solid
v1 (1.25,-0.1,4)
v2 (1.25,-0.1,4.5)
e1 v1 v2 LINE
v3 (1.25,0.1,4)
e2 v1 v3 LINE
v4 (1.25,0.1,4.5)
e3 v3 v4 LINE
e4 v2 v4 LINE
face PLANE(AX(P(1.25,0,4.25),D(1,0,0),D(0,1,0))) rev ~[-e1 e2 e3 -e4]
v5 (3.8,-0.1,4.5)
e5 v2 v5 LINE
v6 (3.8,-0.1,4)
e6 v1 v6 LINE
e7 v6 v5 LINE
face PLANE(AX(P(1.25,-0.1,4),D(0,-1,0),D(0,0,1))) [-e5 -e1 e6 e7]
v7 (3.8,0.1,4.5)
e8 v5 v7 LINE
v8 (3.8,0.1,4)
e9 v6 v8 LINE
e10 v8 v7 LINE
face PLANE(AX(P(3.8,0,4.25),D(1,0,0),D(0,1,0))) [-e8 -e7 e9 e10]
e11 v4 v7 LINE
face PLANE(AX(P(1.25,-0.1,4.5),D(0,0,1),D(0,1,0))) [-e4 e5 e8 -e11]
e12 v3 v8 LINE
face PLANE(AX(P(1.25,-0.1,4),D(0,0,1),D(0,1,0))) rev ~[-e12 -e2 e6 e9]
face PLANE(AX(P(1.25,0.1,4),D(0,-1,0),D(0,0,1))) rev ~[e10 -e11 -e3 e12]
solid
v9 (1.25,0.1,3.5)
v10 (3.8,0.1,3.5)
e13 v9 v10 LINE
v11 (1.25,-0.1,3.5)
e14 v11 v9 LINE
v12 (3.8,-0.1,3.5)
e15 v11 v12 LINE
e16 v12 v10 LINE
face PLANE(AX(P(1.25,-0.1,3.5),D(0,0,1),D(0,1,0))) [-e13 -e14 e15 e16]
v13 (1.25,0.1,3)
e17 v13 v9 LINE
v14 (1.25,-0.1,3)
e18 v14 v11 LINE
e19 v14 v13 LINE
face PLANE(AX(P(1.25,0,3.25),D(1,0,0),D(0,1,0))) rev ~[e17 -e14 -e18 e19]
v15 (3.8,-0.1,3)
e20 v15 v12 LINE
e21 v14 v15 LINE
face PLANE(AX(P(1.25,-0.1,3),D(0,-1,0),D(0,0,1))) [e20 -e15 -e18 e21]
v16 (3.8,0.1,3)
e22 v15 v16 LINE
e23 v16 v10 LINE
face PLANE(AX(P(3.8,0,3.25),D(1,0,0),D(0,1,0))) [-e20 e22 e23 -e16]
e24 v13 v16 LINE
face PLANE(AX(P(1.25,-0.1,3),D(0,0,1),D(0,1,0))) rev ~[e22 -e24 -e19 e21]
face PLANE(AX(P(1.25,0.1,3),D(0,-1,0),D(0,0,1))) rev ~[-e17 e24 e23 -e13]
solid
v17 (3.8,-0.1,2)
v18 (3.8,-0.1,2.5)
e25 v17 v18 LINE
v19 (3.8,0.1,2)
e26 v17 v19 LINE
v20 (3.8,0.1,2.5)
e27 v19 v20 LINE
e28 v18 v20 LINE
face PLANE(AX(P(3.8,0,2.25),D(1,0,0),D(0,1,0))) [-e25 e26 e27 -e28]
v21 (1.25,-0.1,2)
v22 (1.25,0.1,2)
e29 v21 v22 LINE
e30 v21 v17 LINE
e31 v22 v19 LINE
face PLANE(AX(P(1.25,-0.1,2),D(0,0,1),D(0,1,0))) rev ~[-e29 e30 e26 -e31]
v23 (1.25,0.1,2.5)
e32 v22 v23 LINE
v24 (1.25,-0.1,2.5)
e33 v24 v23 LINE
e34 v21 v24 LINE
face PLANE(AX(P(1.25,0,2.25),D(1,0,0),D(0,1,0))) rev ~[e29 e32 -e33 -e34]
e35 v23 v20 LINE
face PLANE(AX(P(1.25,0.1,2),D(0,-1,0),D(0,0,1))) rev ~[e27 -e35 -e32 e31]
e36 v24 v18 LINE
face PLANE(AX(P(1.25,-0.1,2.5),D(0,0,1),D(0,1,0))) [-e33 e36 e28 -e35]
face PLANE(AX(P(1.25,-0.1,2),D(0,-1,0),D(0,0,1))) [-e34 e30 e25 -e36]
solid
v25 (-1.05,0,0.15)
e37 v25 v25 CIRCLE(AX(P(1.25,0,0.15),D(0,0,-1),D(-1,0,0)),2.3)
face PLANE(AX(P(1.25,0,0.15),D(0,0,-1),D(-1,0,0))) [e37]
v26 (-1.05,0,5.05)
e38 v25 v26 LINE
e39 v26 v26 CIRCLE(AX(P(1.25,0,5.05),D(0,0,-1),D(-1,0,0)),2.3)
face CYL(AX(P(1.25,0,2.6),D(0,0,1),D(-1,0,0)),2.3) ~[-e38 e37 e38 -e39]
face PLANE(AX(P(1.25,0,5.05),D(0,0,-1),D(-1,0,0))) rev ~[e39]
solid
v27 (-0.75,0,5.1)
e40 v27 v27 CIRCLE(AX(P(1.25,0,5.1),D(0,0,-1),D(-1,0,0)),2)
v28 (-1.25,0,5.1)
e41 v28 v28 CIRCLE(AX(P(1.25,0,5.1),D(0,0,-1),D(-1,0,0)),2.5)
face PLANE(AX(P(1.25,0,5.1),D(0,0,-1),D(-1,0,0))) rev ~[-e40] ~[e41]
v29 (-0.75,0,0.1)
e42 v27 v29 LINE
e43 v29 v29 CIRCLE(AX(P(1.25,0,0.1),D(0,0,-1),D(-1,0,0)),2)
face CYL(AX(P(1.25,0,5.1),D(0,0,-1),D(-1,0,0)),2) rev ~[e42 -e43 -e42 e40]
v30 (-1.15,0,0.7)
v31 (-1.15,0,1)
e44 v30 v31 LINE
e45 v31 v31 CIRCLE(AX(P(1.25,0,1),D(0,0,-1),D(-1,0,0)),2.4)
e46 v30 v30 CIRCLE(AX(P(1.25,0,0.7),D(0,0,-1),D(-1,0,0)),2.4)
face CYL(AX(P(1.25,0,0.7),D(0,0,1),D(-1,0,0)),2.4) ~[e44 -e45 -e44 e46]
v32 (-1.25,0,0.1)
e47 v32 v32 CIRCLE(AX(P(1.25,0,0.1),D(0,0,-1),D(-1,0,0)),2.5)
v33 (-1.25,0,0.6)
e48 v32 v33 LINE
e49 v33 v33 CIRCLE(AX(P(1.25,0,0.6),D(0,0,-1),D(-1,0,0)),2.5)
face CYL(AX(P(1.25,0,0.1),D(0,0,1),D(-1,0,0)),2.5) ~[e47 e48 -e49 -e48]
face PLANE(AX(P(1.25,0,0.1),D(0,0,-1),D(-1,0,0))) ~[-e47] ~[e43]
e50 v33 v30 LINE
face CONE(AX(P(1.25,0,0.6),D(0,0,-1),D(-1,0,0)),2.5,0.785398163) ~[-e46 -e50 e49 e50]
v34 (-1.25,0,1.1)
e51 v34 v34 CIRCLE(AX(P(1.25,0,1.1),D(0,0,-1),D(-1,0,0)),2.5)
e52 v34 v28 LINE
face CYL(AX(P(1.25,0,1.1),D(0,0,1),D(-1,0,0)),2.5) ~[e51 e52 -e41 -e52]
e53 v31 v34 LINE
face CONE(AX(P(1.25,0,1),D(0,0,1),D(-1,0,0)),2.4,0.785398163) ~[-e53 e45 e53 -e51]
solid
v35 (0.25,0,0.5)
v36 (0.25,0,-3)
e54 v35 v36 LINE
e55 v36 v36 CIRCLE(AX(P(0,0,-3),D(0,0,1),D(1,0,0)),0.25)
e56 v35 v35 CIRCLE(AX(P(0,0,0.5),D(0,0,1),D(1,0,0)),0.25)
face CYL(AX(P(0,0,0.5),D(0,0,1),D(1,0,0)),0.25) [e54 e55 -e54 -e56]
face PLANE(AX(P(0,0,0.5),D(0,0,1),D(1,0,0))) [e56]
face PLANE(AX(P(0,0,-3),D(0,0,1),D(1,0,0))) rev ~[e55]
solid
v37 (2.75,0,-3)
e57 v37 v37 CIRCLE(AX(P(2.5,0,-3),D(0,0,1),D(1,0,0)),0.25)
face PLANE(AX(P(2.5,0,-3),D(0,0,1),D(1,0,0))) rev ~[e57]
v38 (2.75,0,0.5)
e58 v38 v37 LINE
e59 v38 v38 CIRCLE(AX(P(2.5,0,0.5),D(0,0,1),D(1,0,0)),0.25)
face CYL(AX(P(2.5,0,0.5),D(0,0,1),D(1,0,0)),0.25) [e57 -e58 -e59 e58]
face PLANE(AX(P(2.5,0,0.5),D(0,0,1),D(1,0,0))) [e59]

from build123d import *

# Parameters (mm, degrees)
SKETCH002_W  = 2.3
SKETCH002_H  = 4.9
SKETCH003_R  = 0.25
PAD_DEPTH    = 3.5
SKETCH004_W  = 0.2
SKETCH004_H  = 0.5
PAD001_DEPTH = 2.55


with BuildPart() as revolution:
    # Sketch → Revolution (revolve)
    with BuildSketch(Plane.XZ):
        Polygon((-1.25, 0.1), (-1.25, 0.6), (-1.15, 0.7), (-1.15, 1), (-1.25, 1.1), (-1.25, 5.1), (-0.75, 5.1), (-0.75, 0.1), align=None)
    revolve(axis=Axis((1.25, 0, 7.548619), (0, 0, -1)))


with BuildPart() as revolution001:
    # Sketch002 → Revolution001 (revolve)
    with BuildSketch(Plane.XZ):
        with Locations((0.1, 2.6)):
            Rectangle(SKETCH002_W, SKETCH002_H)
    revolve(axis=Axis((1.25, 0, 4.680116), (0, 0, -1)))


with BuildPart() as pad:
    # Sketch003 → Pad (new body)
    with BuildSketch(Plane.XY.offset(0.5)):
        Circle(SKETCH003_R)
        with Locations((2.5, 0)):
            Circle(SKETCH003_R)
    extrude(amount=-PAD_DEPTH)


with BuildPart() as pad001:
    # Sketch004 → Pad001 (new body)
    with BuildSketch(Plane.YZ.offset(1.25)):
        with Locations((0, 2.25)):
            Rectangle(SKETCH004_W, SKETCH004_H)
        with Locations((0, 3.25)):
            Rectangle(SKETCH004_W, SKETCH004_H)
        with Locations((0, 4.25)):
            Rectangle(SKETCH004_W, SKETCH004_H)
    extrude(amount=PAD001_DEPTH)


solid = Compound([revolution.part, revolution001.part, pad.part, pad001.part])
